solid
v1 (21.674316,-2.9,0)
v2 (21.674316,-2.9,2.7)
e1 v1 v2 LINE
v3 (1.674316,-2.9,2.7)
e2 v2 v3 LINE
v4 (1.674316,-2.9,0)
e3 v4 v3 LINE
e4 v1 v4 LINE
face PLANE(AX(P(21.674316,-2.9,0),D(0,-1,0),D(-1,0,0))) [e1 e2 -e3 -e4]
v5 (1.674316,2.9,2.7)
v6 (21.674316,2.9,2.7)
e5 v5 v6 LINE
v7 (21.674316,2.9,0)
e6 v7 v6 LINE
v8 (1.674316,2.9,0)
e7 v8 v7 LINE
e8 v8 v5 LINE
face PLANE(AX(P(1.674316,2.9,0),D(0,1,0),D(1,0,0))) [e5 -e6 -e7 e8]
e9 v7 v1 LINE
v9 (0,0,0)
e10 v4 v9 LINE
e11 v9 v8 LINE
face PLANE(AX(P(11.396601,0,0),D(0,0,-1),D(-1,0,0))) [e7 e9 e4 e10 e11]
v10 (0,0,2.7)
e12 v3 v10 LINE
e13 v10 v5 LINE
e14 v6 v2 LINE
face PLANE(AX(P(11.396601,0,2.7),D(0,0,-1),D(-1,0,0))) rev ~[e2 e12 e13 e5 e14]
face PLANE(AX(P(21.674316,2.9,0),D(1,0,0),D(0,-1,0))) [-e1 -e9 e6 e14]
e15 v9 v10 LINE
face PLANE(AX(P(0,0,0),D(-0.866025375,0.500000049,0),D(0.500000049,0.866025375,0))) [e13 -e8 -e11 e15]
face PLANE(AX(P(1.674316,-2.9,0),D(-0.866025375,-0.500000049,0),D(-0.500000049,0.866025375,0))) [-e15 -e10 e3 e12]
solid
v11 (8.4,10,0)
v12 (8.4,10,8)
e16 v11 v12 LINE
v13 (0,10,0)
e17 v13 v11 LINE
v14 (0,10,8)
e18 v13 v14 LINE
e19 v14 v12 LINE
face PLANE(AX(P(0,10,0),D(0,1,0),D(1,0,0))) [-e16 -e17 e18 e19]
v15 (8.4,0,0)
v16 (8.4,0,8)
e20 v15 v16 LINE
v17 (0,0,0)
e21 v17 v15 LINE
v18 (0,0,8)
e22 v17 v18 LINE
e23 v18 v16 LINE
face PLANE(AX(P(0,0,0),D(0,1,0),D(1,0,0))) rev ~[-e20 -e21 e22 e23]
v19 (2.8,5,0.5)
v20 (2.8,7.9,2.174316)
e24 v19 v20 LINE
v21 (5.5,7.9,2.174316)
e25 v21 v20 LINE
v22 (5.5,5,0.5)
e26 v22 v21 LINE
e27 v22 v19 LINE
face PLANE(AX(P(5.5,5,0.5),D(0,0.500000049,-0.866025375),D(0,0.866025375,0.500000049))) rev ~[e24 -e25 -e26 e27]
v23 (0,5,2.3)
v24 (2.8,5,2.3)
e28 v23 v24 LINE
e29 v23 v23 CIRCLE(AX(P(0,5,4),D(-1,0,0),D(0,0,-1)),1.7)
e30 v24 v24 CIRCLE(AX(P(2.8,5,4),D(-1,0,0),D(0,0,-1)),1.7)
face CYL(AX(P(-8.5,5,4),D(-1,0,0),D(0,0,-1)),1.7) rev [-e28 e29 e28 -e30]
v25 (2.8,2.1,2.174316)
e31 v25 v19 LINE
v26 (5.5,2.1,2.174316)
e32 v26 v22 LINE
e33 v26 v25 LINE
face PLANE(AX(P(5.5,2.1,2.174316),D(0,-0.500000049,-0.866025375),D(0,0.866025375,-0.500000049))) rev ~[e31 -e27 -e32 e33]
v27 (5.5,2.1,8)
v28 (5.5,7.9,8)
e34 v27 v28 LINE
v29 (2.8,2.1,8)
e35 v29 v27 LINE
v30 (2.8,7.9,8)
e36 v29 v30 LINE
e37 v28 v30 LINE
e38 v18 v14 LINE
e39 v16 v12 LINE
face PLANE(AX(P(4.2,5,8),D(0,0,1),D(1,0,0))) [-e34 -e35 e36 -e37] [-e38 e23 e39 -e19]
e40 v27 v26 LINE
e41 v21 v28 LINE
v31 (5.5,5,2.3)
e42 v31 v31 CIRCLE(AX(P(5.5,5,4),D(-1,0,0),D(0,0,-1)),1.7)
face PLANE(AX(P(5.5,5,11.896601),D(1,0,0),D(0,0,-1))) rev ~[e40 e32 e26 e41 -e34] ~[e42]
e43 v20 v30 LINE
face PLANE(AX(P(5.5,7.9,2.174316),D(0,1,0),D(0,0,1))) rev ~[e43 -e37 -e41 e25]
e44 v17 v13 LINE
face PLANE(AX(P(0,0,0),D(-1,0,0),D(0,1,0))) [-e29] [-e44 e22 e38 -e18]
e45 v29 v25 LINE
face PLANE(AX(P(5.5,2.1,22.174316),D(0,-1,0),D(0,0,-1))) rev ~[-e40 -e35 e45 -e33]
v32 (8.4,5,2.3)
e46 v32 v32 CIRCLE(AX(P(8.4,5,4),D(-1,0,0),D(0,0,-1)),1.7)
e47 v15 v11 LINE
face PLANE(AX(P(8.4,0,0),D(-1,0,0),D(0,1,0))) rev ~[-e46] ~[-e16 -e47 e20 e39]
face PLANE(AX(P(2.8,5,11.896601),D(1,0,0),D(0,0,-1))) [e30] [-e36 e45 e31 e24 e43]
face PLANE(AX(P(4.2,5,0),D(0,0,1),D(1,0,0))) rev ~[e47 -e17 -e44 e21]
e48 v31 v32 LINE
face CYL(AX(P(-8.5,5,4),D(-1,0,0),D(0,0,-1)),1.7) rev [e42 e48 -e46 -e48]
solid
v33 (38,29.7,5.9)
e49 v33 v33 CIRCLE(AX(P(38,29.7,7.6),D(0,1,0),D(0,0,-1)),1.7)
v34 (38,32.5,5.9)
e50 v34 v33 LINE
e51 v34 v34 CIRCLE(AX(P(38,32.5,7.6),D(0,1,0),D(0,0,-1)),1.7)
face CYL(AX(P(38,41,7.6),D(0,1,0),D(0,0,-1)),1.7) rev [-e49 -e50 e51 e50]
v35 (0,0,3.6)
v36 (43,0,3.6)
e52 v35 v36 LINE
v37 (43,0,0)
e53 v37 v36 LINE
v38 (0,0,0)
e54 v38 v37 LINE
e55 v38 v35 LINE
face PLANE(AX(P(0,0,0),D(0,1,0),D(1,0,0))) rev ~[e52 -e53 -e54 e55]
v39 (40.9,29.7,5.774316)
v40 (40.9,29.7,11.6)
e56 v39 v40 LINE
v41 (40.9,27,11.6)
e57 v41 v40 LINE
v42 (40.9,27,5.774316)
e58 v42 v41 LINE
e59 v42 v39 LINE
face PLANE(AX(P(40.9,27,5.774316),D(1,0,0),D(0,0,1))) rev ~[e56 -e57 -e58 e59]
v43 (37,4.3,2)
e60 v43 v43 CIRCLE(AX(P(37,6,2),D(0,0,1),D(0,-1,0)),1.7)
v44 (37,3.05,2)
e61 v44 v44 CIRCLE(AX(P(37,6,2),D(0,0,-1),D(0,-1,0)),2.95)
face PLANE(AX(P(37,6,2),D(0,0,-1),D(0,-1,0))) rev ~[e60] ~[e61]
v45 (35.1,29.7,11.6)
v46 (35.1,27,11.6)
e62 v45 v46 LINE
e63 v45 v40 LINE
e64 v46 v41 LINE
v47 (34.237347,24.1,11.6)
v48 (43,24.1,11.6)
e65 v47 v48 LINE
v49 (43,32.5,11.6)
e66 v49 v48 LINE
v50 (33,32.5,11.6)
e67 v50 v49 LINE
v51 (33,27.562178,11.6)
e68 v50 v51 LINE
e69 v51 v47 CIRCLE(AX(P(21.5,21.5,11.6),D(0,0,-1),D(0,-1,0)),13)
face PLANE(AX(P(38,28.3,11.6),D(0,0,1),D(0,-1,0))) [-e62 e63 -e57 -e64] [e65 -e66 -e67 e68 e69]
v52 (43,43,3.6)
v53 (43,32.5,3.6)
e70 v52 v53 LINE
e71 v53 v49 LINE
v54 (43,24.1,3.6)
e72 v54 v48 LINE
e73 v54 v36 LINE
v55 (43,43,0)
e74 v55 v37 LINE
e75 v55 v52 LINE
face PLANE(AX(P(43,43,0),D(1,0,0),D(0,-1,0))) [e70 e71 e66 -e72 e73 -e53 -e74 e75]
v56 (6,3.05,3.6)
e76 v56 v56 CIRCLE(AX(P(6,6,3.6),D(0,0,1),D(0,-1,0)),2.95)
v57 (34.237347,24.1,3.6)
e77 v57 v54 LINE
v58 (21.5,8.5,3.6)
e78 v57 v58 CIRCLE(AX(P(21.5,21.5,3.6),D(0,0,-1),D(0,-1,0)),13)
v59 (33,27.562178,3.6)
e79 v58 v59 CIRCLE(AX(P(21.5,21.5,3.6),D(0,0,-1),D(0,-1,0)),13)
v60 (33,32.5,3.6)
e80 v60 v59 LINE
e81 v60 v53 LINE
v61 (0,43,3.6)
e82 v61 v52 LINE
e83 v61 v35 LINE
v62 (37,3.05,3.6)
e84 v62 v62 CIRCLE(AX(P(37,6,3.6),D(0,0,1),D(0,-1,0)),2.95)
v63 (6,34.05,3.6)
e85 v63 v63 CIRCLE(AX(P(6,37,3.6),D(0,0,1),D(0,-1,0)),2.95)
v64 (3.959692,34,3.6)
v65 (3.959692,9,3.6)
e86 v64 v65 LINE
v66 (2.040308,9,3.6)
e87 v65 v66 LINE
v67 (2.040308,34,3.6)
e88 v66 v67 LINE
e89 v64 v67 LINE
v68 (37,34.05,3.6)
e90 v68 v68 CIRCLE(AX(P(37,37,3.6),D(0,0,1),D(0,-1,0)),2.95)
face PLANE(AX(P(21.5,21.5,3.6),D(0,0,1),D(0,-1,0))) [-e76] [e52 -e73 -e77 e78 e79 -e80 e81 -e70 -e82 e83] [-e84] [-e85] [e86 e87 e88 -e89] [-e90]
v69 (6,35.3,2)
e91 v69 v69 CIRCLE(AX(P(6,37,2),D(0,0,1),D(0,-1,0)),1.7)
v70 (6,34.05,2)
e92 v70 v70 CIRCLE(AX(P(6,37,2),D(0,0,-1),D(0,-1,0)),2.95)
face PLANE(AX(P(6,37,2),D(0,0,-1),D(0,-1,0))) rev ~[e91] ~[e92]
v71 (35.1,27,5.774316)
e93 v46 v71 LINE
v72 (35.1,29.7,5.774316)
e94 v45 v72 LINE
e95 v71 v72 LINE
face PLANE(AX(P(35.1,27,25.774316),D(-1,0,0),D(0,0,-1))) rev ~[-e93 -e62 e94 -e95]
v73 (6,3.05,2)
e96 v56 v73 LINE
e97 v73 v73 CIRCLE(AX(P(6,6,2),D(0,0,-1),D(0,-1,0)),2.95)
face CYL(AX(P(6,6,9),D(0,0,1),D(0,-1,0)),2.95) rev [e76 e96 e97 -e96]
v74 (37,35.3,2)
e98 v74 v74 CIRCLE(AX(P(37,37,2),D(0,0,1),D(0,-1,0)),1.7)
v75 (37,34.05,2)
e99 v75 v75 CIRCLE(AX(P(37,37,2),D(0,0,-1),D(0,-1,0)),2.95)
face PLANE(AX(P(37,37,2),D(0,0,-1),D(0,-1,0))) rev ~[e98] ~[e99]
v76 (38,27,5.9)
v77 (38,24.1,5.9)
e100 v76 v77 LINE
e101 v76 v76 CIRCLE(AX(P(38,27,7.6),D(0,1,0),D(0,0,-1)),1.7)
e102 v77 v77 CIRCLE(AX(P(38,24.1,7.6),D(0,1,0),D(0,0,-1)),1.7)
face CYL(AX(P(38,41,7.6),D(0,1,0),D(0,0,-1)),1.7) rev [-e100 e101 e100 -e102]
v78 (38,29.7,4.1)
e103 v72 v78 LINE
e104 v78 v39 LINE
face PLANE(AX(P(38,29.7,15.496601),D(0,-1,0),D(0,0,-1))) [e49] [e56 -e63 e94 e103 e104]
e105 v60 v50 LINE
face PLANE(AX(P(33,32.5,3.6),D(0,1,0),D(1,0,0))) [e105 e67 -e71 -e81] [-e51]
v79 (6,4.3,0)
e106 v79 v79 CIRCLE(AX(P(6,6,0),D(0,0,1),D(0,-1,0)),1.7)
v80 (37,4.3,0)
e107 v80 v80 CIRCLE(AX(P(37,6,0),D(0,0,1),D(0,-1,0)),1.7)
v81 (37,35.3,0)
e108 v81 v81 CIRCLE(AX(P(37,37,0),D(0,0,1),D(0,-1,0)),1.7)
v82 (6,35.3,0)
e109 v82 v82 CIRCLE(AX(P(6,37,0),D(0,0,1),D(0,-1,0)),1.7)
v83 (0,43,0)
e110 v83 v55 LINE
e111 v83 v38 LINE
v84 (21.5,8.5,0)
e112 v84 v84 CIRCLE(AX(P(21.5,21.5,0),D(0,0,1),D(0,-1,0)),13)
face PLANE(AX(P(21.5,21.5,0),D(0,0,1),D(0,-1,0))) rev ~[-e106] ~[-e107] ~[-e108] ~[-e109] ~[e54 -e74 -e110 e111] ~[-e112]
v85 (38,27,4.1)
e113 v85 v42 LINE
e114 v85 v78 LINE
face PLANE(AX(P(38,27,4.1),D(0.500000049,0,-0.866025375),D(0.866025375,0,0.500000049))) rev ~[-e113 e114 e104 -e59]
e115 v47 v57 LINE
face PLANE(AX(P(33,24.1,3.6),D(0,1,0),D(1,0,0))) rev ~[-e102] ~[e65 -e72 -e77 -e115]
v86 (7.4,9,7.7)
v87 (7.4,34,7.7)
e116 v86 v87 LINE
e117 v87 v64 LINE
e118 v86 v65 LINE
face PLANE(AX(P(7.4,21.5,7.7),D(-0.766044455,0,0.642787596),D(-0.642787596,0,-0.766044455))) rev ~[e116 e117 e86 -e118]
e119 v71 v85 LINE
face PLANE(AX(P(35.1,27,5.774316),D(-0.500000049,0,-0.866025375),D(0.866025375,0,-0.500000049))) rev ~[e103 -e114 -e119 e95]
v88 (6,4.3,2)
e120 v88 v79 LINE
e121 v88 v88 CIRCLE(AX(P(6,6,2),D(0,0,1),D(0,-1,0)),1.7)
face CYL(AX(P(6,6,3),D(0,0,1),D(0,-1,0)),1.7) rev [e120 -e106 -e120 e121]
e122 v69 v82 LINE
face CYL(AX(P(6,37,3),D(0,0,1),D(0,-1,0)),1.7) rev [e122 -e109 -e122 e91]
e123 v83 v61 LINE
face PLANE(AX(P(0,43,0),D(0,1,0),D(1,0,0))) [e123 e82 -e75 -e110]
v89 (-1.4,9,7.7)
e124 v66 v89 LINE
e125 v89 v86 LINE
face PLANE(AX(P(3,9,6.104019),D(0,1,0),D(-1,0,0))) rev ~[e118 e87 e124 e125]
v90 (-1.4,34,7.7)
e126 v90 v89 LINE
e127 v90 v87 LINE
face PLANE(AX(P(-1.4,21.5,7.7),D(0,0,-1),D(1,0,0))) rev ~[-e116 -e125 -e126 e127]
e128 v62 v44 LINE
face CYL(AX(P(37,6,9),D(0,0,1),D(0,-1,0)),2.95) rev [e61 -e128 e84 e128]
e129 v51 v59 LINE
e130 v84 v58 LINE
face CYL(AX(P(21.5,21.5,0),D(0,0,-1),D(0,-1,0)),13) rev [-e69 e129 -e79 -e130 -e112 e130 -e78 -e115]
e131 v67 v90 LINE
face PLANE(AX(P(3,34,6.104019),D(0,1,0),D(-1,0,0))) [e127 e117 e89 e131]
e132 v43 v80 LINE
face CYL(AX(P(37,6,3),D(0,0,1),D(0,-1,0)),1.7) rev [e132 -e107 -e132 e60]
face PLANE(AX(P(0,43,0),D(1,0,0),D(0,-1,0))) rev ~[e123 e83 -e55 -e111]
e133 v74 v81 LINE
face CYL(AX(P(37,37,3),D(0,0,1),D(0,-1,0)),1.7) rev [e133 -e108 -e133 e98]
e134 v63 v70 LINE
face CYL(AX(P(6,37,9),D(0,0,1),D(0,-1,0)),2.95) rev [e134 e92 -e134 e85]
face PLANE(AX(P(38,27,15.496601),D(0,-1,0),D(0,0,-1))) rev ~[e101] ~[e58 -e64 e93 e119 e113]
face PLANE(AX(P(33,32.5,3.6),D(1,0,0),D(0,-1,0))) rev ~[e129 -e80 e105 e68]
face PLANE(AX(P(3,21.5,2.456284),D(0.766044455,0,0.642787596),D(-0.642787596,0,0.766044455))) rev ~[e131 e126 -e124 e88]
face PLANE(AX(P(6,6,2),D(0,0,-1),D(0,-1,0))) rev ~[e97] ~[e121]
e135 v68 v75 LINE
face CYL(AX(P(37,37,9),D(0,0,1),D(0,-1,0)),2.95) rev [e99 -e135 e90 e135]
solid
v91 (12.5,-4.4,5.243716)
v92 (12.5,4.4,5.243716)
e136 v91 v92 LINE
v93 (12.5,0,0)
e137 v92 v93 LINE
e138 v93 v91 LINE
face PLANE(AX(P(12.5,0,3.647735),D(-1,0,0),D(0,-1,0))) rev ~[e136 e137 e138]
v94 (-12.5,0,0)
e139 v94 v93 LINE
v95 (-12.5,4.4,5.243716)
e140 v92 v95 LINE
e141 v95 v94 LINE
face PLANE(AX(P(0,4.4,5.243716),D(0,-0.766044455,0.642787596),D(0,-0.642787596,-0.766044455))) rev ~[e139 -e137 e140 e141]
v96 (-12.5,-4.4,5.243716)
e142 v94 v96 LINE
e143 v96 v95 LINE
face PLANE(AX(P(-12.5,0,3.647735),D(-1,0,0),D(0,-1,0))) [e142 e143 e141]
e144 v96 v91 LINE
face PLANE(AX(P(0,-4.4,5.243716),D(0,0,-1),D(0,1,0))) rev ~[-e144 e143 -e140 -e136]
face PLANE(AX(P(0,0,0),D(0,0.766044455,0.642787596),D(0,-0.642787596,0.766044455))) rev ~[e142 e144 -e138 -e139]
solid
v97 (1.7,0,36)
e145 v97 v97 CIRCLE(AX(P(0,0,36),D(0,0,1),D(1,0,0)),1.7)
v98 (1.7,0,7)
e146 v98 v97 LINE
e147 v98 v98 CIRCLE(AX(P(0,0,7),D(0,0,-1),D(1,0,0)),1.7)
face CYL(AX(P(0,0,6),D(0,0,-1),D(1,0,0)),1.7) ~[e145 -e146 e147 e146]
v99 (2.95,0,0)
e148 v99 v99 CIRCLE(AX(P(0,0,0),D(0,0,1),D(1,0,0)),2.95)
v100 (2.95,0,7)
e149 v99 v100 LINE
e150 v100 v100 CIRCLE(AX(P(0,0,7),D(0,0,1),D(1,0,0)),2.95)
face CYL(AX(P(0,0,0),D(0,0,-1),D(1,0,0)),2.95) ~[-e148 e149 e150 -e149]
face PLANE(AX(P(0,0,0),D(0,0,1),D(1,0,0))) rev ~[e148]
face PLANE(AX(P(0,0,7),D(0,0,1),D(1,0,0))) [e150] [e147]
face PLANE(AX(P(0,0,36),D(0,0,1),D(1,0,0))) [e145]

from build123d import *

# Parameters (mm, degrees)
CYLINDER_R                   = 2.95
CYLINDER_DEPTH               = 7
CYLINDER001_R                = 1.7
CYLINDER001_DEPTH            = 30
PAD002_DEPTH                 = 2.7
PAD039_DEPTH                 = 12.5
CLONE292_PITCH_ANGLE         = -90
CLONE291_PITCH_ANGLE         = 90
BOX255_W                     = 8.4
BOX255_H                     = 10
BOX255_DEPTH                 = 8
CLONE287_ROLL_ANGLE          = 180
CLONE287_PLACEMENT_ANGLE     = -90
CLONE289_ROLL_ANGLE          = 180
CLONE289_PLACEMENT_ANGLE     = -90
CLONE286_ROLL_ANGLE          = 180
CLONE286_PLACEMENT_ANGLE     = -90
CLONE288_ROLL_ANGLE          = 180
CLONE288_PLACEMENT_ANGLE     = -90
CYLINDER1027_R               = 13
CYLINDER1027_DEPTH           = 15
CYLINDER1027_PLACEMENT_ANGLE = -90
CLONE290_PLACEMENT_ANGLE     = -90
CLONE293_PLACEMENT_ANGLE     = -90
BOX254_W                     = 43
BOX254_H                     = 43
BOX254_DEPTH                 = 3.6
BOX254_PLACEMENT_ANGLE       = -90


with BuildPart() as m3bolthead:
    # Cylinder → Cylinder (new body)
    with BuildSketch(Plane.XY):
        Circle(CYLINDER_R)
    extrude(amount=CYLINDER_DEPTH)


with BuildPart() as m3bolt:
    # Cylinder001 → Cylinder001 (new body)
    with BuildSketch(Plane.XY.offset(6)):
        Circle(CYLINDER001_R)
    extrude(amount=CYLINDER001_DEPTH)

    # Fusion: union M3BoltHead
    add(m3bolthead.part)


with BuildPart() as m3nuthousing:
    # Sketch003 → Pad002 (new body)
    with BuildSketch(Plane.XY):
        Polygon((0, 0), (1.674316, 2.9), (21.674316, 2.9), (21.674316, -2.9), (1.674316, -2.9), align=None)
    extrude(amount=PAD002_DEPTH)


with BuildPart() as art56milanoguidemaster:
    # Sketch056 → Pad039 (new body, symmetric)
    with BuildSketch(Plane.YZ):
        Polygon((-4.4, 5.243716), (4.4, 5.243716), (0, 0), align=None)
    extrude(amount=PAD039_DEPTH, both=True)


with BuildPart() as clone_of_m3nuthousing026:
    # Clone292 base: copy of M3NutHousing
    add(m3nuthousing.part)


with BuildPart() as clone_of_m3nuthousing026_1:
    # Clone292 pitch: moved
    add(clone_of_m3nuthousing026.part.rotate(Axis((0, 0, 0), (0, 1, 0)), CLONE292_PITCH_ANGLE))


with BuildPart() as clone_of_m3nuthousing026_2:
    # Clone292 placement: moved
    add(clone_of_m3nuthousing026_1.part.moved(Location((5.5, 5, 0.5))))


with BuildPart() as fusion101:
    # Clone291 base: copy of M3Bolt
    add(m3bolt.part)


with BuildPart() as fusion101_1:
    # Clone291 pitch: moved
    add(fusion101.part.rotate(Axis((0, 0, 0), (0, 1, 0)), CLONE291_PITCH_ANGLE))


with BuildPart() as fusion101_2:
    # Clone291 placement: moved
    add(fusion101_1.part.moved(Location((-14.5, 5, 4))))

    # Fusion101: union Clone of M3NutHousing026
    add(clone_of_m3nuthousing026_2.part)


with BuildPart() as art56nutholdermaster:
    # Box255 → Box255 (new body)
    with BuildSketch(Plane.XY):
        with Locations((4.2, 5)):
            Rectangle(BOX255_W, BOX255_H)
    extrude(amount=BOX255_DEPTH)

    # Cut087: cut Fusion101
    add(fusion101_2.part, mode=Mode.SUBTRACT)


with BuildPart() as clone_of_m3bolt100:
    # Clone287 base: copy of M3Bolt
    add(m3bolt.part)


with BuildPart() as clone_of_m3bolt100_1:
    # Clone287 roll: moved
    add(clone_of_m3bolt100.part.rotate(Axis((0, 0, 0), (1, 0, 0)), CLONE287_ROLL_ANGLE))


with BuildPart() as clone_of_m3bolt100_2:
    # Clone287 placement: moved
    add(clone_of_m3bolt100_1.part.moved(Location((6, 37, 9))).rotate(Axis((6, 37, 9), (0, 0, 1)), CLONE287_PLACEMENT_ANGLE))


with BuildPart() as clone_of_m3bolt102:
    # Clone289 base: copy of M3Bolt
    add(m3bolt.part)


with BuildPart() as clone_of_m3bolt102_1:
    # Clone289 roll: moved
    add(clone_of_m3bolt102.part.rotate(Axis((0, 0, 0), (1, 0, 0)), CLONE289_ROLL_ANGLE))


with BuildPart() as clone_of_m3bolt102_2:
    # Clone289 placement: moved
    add(clone_of_m3bolt102_1.part.moved(Location((37, 6, 9))).rotate(Axis((37, 6, 9), (0, 0, 1)), CLONE289_PLACEMENT_ANGLE))


with BuildPart() as clone_of_m3bolt099:
    # Clone286 base: copy of M3Bolt
    add(m3bolt.part)


with BuildPart() as clone_of_m3bolt099_1:
    # Clone286 roll: moved
    add(clone_of_m3bolt099.part.rotate(Axis((0, 0, 0), (1, 0, 0)), CLONE286_ROLL_ANGLE))


with BuildPart() as clone_of_m3bolt099_2:
    # Clone286 placement: moved
    add(clone_of_m3bolt099_1.part.moved(Location((6, 6, 9))).rotate(Axis((6, 6, 9), (0, 0, 1)), CLONE286_PLACEMENT_ANGLE))


with BuildPart() as clone_of_m3bolt101:
    # Clone288 base: copy of M3Bolt
    add(m3bolt.part)


with BuildPart() as clone_of_m3bolt101_1:
    # Clone288 roll: moved
    add(clone_of_m3bolt101.part.rotate(Axis((0, 0, 0), (1, 0, 0)), CLONE288_ROLL_ANGLE))


with BuildPart() as clone_of_m3bolt101_2:
    # Clone288 placement: moved
    add(clone_of_m3bolt101_1.part.moved(Location((37, 37, 9))).rotate(Axis((37, 37, 9), (0, 0, 1)), CLONE288_PLACEMENT_ANGLE))


with BuildPart() as fusion106:
    # Cylinder1027 → Cylinder1027 (new body)
    with BuildSketch(Plane.XY):
        Circle(CYLINDER1027_R)
    extrude(amount=CYLINDER1027_DEPTH)


with BuildPart() as fusion106_1:
    # Cylinder1027 placement: moved
    add(fusion106.part.moved(Location((21.5, 21.5, 0))).rotate(Axis((21.5, 21.5, 0), (0, 0, 1)), CYLINDER1027_PLACEMENT_ANGLE))

    # Fusion106: union Clone of M3Bolt100, Clone of M3Bolt102, Clone of M3Bolt099, Clone of M3Bolt101
    add(clone_of_m3bolt100_2.part)
    add(clone_of_m3bolt102_2.part)
    add(clone_of_m3bolt099_2.part)
    add(clone_of_m3bolt101_2.part)


with BuildPart() as clone_of_art56milanoguidemaster:
    # Clone290 base: copy of Art56MilanoGuideMaster
    add(art56milanoguidemaster.part)


with BuildPart() as clone_of_art56milanoguidemaster_1:
    # Clone290 placement: moved
    add(clone_of_art56milanoguidemaster.part.moved(Location((3, 21.5, 2.456284))).rotate(Axis((3, 21.5, 2.456284), (0, 0, 1)), CLONE290_PLACEMENT_ANGLE))


with BuildPart() as clone_of_art56nutholdermaster:
    # Clone293 base: copy of Art56NutHolderMaster
    add(art56nutholdermaster.part)


with BuildPart() as clone_of_art56nutholdermaster_1:
    # Clone293 placement: moved
    add(clone_of_art56nutholdermaster.part.moved(Location((33, 32.5, 3.6))).rotate(Axis((33, 32.5, 3.6), (0, 0, 1)), CLONE293_PLACEMENT_ANGLE))


with BuildPart() as art56motorholdera:
    # Box254 → Box254 (new body)
    with BuildSketch(Plane.XY):
        with Locations((21.5, 21.5)):
            Rectangle(BOX254_W, BOX254_H)
    extrude(amount=BOX254_DEPTH)


with BuildPart() as art56motorholdera_1:
    # Box254 placement: moved
    add(art56motorholdera.part.moved(Location((0, 43, 0))).rotate(Axis((0, 43, 0), (0, 0, 1)), BOX254_PLACEMENT_ANGLE))

    # Fusion105: union Clone of Art56MilanoGuideMaster, Clone of Art56NutHolderMaster
    add(clone_of_art56milanoguidemaster_1.part)
    add(clone_of_art56nutholdermaster_1.part)

    # Cut089: cut Fusion106
    add(fusion106_1.part, mode=Mode.SUBTRACT)


solid = Compound([m3bolt.part, m3nuthousing.part, art56milanoguidemaster.part, art56nutholdermaster.part, art56motorholdera_1.part])
